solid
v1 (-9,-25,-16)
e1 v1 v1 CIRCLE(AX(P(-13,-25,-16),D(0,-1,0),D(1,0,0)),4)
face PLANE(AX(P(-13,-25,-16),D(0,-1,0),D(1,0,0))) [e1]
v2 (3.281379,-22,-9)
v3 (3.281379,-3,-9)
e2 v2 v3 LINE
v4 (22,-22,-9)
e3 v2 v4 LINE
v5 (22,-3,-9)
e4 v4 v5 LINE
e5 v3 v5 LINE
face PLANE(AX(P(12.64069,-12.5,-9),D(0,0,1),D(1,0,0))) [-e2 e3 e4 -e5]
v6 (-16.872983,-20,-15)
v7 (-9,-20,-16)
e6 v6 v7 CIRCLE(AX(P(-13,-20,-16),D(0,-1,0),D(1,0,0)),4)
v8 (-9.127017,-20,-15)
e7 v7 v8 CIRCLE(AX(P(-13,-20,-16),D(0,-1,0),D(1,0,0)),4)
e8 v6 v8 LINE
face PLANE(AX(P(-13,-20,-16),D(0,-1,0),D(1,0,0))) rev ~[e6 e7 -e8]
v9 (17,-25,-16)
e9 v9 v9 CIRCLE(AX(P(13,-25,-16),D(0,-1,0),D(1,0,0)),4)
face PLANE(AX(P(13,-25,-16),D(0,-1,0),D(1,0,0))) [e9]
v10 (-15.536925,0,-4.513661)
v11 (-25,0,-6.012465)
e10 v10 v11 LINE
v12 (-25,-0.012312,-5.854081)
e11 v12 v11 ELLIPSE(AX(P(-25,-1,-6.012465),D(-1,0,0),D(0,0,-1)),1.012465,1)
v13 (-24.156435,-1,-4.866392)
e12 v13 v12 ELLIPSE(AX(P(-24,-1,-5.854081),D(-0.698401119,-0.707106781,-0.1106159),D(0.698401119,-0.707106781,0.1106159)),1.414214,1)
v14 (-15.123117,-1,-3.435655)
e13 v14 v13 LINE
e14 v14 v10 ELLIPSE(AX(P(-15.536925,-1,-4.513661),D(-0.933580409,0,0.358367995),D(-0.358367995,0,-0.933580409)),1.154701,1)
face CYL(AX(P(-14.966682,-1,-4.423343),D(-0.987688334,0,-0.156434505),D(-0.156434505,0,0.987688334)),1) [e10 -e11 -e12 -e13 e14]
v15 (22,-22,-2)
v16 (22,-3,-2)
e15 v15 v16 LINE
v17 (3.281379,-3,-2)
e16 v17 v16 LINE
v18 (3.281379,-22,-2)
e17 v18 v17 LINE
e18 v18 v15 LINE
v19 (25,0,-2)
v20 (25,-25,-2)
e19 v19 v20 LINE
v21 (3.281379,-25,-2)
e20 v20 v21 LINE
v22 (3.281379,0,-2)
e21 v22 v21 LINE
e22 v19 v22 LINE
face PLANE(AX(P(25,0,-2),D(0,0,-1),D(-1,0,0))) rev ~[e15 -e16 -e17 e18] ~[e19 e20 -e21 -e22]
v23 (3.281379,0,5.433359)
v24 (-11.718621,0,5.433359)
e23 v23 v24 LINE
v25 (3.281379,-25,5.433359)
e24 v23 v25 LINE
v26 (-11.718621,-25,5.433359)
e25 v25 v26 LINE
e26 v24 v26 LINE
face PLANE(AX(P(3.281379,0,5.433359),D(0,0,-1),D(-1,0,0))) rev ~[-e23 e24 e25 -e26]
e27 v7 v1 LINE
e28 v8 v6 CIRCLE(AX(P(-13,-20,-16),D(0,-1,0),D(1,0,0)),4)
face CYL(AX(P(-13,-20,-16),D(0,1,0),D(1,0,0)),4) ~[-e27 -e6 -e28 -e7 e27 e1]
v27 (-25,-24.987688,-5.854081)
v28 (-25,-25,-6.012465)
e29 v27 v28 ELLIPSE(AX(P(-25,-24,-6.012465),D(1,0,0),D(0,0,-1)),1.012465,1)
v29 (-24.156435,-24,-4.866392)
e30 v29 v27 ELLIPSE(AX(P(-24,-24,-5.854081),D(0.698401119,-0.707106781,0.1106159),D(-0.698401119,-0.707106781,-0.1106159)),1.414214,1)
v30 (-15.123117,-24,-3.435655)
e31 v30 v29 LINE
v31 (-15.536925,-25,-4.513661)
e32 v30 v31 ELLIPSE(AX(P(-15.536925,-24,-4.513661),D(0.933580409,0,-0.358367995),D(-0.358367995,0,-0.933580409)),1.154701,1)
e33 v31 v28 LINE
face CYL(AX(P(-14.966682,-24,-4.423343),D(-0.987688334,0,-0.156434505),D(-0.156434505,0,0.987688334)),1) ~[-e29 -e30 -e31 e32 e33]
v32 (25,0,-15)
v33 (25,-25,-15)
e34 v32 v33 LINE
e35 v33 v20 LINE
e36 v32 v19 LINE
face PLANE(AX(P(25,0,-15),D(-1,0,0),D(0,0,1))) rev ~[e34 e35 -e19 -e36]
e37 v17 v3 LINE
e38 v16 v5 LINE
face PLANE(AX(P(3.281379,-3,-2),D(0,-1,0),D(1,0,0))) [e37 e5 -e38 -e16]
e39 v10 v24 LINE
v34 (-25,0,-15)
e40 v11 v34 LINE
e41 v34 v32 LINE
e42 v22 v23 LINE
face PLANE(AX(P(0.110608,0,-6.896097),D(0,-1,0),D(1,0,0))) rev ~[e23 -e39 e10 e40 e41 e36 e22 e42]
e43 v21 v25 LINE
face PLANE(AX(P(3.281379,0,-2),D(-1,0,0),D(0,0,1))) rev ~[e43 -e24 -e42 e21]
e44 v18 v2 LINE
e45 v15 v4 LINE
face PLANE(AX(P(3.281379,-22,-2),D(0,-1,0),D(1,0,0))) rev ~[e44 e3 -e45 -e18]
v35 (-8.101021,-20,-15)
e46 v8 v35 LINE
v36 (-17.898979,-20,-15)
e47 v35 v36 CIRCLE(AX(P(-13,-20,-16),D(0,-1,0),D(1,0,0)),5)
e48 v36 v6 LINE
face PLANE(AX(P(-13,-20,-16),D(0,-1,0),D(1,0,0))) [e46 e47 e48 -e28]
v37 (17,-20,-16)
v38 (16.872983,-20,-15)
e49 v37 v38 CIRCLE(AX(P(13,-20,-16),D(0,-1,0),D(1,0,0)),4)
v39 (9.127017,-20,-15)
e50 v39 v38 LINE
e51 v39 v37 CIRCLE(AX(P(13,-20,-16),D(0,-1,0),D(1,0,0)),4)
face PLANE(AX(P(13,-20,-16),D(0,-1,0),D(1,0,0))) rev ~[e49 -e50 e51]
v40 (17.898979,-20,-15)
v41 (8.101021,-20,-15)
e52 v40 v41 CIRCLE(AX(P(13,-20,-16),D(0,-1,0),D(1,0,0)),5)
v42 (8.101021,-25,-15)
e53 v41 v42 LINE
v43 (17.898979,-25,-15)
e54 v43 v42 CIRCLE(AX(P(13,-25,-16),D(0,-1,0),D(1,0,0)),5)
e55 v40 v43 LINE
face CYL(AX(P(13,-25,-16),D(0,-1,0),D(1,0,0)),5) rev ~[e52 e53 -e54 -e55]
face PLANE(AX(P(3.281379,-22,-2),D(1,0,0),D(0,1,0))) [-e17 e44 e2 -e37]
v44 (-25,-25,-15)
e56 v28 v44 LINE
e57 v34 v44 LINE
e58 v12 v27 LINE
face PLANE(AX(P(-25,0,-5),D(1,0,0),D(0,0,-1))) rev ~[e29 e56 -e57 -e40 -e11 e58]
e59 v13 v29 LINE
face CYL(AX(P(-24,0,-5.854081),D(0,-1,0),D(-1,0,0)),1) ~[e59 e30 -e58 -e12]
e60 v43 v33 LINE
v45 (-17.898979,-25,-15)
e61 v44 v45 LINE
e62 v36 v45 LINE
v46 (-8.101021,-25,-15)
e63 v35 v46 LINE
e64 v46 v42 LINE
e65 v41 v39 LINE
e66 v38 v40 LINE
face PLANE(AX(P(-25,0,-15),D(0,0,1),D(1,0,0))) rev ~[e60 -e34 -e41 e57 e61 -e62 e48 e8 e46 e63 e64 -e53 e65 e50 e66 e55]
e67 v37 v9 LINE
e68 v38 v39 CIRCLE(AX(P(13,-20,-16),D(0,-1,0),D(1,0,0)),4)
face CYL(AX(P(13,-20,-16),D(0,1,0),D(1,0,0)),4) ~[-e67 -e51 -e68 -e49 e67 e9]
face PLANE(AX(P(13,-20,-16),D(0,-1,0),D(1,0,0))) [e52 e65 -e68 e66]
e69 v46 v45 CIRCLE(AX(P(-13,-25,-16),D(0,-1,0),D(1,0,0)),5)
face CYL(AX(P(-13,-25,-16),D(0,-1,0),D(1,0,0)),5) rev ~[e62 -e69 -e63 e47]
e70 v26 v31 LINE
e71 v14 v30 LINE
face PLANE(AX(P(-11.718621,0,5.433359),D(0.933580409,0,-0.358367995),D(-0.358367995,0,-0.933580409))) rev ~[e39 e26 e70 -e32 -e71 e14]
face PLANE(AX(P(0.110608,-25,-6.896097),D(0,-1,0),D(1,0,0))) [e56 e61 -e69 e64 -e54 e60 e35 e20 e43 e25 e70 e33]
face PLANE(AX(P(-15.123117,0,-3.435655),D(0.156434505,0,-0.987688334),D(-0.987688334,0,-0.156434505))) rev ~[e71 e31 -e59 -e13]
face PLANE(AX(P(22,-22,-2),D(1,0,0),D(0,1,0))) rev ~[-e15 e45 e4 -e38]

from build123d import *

# Parameters (mm, degrees)
F1_DEPTH = 25
F2_W     = 18.718621
F2_H     = 19
F3_DEPTH = 7
F4_R     = 1
F5_R     = 5
F6_DEPTH = 5
F7_R     = 4
F8_DEPTH = 5


with BuildPart() as f1:
    # F0 (on Front) → F1 (new body)
    with BuildSketch(Plane.XZ):
        Polygon((-25, -5), (-25, -15), (25, -15), (25, -6), (25, -2), (3.281379, -2), (3.281379, 5.433359), (-11.718621, 5.433359), (-15.123117, -3.435655), align=None)
    extrude(amount=F1_DEPTH)

    # F2 (on face) → F3 (cut)
    with BuildSketch(Plane.XY.offset(-2)):
        with Locations((12.64069, -12.5)):
            Rectangle(F2_W, F2_H)
    extrude(amount=-F3_DEPTH, mode=Mode.SUBTRACT)

    # F4
    f4_edges = [f1.edges().sort_by_distance(p)[0] for p in [
        (-20.061558, 0, -4.217828),
        (-20.061558, -25, -4.217828),
        (-25, -12.5, -5),
    ]]
    fillet(f4_edges, radius=F4_R)

    # F5 (on face) → F6 (cut)
    with BuildSketch(Plane.XZ.offset(25)):
        with Locations((-13, -16)):
            Circle(F5_R)
        with Locations((13, -16)):
            Circle(F5_R)
    extrude(amount=-F6_DEPTH, mode=Mode.SUBTRACT)

    # F7 (on face) → F8 (join, through all)
    with BuildSketch(Plane.XZ.offset(20)):
        with Locations((-13, -16)):
            Circle(F7_R)
        with Locations((13, -16)):
            Circle(F7_R)
    extrude(amount=F8_DEPTH)


solid = f1.part
